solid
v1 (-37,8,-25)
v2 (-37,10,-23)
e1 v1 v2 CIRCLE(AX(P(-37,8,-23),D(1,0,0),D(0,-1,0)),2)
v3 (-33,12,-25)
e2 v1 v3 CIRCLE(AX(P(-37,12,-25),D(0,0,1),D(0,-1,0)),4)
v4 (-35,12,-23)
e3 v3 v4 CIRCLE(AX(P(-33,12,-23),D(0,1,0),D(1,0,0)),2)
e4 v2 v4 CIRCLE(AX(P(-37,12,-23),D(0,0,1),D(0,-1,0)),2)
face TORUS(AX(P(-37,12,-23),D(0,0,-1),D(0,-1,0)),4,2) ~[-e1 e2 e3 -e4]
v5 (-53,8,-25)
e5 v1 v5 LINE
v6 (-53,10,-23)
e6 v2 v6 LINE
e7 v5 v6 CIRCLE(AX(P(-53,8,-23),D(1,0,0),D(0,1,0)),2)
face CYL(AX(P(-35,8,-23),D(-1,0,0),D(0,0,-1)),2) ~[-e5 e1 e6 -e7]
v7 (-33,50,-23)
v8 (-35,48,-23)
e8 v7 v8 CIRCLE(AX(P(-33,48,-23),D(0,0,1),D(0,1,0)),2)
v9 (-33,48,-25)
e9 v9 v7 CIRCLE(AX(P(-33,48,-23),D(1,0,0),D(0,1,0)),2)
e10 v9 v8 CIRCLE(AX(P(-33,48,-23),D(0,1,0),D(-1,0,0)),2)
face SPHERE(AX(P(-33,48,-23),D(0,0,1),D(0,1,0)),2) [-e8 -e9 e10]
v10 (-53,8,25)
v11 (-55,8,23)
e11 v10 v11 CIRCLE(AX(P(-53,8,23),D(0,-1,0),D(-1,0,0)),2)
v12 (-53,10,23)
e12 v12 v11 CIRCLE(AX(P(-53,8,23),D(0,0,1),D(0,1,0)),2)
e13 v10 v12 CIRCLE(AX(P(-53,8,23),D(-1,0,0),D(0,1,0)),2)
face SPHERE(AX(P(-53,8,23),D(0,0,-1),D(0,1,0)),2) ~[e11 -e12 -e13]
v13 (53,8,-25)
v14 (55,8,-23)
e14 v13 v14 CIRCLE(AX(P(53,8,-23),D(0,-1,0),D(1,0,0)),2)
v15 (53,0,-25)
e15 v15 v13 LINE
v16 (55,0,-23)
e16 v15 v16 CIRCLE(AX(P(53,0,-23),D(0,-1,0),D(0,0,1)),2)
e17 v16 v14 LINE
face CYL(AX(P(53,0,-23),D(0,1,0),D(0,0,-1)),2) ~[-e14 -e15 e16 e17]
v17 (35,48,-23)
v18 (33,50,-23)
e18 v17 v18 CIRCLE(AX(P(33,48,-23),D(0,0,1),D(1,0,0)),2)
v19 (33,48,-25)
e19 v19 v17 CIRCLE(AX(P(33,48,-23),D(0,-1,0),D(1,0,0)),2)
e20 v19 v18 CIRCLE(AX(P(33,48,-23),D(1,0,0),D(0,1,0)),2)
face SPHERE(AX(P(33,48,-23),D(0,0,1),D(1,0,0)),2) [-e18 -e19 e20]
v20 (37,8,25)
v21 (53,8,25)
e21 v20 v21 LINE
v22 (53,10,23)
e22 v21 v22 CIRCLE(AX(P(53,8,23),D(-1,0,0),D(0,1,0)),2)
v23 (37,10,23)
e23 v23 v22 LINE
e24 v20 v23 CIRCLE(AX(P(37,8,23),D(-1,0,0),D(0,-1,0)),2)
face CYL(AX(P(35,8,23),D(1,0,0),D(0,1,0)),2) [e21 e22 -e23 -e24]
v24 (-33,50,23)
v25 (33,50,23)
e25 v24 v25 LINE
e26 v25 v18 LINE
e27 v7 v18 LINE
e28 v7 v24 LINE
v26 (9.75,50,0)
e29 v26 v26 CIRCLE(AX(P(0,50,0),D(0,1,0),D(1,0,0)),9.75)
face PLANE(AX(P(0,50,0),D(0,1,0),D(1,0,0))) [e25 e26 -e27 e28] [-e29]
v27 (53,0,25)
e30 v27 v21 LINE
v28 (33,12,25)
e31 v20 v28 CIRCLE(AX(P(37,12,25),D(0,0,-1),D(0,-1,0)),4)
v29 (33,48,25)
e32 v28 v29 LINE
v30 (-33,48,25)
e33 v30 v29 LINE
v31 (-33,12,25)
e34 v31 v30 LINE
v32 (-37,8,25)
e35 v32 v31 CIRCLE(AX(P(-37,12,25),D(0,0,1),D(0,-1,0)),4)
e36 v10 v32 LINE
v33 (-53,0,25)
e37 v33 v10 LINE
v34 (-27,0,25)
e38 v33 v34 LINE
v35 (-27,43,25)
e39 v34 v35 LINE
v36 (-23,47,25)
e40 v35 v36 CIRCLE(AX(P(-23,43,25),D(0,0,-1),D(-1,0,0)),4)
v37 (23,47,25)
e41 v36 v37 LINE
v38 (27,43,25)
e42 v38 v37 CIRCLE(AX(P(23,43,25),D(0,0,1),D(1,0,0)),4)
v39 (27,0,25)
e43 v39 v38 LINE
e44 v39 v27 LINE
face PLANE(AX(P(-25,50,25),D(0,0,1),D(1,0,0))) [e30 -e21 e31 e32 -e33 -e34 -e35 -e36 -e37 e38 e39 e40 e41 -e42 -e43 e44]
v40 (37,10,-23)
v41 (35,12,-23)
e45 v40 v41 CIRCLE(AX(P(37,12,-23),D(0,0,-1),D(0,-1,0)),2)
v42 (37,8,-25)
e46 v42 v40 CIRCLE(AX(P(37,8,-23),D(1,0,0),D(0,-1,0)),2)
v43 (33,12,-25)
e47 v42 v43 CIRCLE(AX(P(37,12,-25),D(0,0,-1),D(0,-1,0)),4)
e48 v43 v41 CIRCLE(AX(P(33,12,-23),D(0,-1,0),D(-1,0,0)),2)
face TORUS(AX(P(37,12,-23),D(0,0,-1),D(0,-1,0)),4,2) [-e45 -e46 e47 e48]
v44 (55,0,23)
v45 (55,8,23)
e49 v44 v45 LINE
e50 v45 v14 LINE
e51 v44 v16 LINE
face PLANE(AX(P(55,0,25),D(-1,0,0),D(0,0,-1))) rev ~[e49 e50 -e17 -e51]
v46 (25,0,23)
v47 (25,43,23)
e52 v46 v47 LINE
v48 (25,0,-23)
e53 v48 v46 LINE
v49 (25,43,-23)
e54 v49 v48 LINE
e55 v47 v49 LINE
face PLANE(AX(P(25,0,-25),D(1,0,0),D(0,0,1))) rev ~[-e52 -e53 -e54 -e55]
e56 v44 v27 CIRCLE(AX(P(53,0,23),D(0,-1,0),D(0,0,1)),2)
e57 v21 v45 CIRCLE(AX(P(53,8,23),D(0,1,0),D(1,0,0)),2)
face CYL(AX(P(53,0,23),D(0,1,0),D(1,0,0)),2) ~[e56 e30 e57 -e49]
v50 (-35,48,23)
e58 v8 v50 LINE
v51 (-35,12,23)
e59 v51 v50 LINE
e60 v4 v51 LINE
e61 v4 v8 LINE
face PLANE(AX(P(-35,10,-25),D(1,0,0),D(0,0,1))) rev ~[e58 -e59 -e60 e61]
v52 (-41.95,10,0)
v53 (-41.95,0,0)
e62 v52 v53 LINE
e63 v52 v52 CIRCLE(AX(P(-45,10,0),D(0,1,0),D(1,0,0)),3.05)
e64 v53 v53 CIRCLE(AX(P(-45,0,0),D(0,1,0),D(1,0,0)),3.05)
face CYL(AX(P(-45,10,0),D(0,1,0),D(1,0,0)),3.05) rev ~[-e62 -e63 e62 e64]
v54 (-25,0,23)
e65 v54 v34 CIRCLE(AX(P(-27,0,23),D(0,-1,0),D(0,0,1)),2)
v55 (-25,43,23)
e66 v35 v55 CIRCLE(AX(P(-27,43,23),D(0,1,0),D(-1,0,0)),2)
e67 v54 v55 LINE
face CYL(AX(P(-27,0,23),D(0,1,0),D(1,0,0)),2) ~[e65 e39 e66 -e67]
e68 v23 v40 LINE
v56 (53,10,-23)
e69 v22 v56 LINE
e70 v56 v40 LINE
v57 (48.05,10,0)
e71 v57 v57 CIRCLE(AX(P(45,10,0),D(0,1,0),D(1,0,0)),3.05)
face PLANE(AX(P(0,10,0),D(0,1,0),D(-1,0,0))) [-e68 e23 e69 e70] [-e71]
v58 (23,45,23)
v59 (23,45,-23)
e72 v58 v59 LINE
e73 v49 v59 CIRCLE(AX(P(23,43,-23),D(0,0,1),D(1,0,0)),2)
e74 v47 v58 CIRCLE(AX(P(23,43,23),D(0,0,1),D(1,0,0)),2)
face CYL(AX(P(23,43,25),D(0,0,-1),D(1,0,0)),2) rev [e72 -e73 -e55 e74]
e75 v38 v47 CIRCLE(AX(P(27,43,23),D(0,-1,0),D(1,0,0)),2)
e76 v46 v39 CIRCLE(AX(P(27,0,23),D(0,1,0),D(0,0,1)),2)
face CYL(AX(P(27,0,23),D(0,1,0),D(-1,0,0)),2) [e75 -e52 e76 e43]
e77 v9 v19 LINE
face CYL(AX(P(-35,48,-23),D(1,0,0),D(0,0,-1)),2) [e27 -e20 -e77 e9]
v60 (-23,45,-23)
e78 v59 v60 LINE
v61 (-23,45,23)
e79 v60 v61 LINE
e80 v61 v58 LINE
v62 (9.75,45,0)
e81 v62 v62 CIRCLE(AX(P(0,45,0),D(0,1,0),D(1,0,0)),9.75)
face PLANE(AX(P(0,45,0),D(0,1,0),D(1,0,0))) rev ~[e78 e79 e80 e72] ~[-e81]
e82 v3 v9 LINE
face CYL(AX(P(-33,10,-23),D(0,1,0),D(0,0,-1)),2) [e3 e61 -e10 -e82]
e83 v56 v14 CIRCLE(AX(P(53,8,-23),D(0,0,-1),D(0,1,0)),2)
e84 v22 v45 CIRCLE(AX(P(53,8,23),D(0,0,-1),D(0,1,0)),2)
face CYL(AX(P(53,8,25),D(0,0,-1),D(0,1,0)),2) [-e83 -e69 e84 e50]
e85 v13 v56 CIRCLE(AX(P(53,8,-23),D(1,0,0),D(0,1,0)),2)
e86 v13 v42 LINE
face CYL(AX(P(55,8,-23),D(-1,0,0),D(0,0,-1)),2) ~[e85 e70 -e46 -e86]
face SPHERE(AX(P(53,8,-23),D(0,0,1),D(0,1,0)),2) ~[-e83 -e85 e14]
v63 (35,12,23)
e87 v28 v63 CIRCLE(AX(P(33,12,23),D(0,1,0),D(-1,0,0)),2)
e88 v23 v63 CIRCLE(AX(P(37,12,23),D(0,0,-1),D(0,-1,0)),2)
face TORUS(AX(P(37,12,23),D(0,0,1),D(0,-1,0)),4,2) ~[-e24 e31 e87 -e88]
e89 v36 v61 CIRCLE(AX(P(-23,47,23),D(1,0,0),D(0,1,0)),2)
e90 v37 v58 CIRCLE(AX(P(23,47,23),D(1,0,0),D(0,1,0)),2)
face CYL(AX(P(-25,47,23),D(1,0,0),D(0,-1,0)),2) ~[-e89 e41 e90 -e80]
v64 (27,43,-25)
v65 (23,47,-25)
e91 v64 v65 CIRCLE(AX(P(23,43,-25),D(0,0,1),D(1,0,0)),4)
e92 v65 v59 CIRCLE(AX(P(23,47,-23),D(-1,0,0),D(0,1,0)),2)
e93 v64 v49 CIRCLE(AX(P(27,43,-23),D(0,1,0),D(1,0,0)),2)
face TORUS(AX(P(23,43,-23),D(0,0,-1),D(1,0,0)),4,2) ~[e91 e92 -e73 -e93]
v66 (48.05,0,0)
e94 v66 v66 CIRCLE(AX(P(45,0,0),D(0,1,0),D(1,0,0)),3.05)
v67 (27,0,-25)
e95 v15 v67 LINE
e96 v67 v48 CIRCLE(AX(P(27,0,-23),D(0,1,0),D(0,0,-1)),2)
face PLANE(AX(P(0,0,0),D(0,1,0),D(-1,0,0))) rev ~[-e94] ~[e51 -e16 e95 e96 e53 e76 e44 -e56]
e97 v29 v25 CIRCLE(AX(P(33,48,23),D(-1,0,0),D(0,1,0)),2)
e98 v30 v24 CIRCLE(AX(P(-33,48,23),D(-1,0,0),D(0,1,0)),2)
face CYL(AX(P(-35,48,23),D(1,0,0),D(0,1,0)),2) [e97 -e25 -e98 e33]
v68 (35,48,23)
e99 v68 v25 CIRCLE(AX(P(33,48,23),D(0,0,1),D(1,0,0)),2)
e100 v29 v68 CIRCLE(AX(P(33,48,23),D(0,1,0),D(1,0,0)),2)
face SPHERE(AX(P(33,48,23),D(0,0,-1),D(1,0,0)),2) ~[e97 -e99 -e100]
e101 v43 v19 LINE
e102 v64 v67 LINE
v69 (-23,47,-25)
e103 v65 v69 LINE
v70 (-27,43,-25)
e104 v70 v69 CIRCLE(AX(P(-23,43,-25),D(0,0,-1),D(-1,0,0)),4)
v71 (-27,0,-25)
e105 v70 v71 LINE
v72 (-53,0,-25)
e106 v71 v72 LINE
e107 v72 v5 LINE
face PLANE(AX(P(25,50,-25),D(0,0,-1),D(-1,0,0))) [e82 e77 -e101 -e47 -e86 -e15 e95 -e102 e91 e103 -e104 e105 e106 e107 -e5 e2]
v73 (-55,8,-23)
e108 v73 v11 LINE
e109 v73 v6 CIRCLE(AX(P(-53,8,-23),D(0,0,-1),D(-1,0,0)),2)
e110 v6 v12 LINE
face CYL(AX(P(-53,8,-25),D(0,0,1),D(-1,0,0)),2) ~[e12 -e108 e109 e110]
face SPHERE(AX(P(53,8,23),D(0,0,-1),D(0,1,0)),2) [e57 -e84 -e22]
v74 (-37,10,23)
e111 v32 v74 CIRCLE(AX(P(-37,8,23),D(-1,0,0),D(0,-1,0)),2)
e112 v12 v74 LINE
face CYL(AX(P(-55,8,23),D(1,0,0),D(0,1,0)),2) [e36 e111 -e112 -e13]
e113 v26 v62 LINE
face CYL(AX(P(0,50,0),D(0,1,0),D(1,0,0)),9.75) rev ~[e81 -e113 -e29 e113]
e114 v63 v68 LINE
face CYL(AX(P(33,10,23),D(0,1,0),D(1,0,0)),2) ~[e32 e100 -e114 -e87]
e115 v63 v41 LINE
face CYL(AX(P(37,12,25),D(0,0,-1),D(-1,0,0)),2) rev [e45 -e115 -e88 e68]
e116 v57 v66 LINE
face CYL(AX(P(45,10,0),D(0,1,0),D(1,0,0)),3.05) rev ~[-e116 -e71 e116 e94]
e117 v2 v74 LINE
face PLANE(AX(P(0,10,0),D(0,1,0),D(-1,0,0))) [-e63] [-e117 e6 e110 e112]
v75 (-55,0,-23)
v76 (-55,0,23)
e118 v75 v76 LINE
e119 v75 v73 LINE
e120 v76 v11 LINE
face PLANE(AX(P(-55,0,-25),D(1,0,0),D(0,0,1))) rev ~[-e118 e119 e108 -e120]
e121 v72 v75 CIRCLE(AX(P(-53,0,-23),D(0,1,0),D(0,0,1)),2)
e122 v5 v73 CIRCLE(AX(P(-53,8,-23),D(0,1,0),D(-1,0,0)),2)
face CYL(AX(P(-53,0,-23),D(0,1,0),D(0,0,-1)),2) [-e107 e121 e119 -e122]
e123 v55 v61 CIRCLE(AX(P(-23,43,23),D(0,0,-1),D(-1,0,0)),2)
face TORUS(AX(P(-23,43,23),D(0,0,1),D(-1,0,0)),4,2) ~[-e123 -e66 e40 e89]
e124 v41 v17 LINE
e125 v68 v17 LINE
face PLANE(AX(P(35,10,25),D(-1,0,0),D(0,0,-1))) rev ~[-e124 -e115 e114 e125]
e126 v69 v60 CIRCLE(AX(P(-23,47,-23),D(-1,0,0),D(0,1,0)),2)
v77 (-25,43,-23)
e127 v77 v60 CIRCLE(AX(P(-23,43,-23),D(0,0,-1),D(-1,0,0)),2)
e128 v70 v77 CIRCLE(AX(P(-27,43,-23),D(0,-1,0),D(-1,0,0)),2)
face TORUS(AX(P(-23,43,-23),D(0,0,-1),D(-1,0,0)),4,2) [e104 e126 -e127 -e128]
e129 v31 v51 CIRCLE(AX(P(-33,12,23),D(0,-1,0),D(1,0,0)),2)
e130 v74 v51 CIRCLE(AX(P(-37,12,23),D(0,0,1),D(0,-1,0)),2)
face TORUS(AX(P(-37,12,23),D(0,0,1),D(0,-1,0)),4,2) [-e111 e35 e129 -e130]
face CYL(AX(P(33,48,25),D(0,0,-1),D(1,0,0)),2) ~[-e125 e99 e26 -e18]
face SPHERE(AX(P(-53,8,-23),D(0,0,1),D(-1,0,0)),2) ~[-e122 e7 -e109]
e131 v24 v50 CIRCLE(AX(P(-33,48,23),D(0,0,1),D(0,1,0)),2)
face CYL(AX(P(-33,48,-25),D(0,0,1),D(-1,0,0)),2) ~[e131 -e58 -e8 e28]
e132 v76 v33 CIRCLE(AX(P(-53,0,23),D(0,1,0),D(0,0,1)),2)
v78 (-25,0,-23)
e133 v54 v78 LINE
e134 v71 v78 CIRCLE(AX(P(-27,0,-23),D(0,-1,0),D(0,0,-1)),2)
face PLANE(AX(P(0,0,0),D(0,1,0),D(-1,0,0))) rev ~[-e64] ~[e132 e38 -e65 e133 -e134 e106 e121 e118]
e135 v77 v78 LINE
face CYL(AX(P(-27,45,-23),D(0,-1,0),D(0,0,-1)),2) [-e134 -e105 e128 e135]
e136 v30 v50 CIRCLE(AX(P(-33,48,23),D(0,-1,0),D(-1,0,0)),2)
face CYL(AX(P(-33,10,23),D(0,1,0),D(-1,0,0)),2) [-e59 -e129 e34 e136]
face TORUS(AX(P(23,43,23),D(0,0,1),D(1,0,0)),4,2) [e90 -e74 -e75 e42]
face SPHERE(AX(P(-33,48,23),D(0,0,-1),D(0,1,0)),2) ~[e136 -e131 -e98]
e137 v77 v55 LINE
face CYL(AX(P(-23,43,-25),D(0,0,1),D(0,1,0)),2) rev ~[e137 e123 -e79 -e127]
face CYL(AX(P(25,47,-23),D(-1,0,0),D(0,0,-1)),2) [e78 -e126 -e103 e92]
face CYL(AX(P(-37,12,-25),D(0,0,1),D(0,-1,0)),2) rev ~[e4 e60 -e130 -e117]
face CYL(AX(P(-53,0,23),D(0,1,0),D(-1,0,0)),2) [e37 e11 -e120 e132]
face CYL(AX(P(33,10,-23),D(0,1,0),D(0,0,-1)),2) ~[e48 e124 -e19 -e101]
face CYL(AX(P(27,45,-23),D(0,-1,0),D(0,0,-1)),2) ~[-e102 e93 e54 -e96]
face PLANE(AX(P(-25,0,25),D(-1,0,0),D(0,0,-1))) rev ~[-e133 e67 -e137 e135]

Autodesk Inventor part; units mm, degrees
ref_plane "YZ Plane" through (0, 0, 0) normal (1, 0, 0) x (0, 1, 0)
ref_plane "XZ Plane" through (0, 0, 0) normal (0, 1, 0) x (-1, 0, 0)
ref_plane "XY Plane" through (0, 0, 0) normal (0, 0, 1) x (1, 0, 0)
sketch "Sketch1" plane through (0, 0, 0) normal (0, 1, 0) x (-1, 0, 0)
  line L0 (55, 25) -> (-55, 25)
  line L1 (-55, 25) -> (-55, -25)
  line L2 (-55, -25) -> (55, -25)
  line L3 (55, -25) -> (55, 25)
  line L4 (55, 25) -> (-55, -25) construction
  line L5 (-55, 25) -> (55, -25) construction
  line L6 (-25, 25) -> (25, 25)
  line L7 (25, 25) -> (25, -25)
  line L8 (25, -25) -> (-25, -25)
  line L9 (-25, -25) -> (-25, 25)
  line L10 (-25, 25) -> (25, -25) construction
  line L11 (25, 25) -> (-25, -25) construction
  point P0 (0, 0)
  dimension "d0" = 110
  dimension "d1" = 50
  dimension "d2" = 50
  dimension "d3" = 50
extrude "Extrusion1" add sketch "Sketch1" along normal blind 10 contours L3 L2 L7 L0 | L9 L2 L1 L0
sketch "Sketch2" plane through (0, 10, 0) normal (0, 1, 0) x (1, 0, 0)
  line L0 (-35, -25) -> (-25, -25)
  line L1 (-25, -25) -> (-25, 25)
  line L2 (-25, 25) -> (-35, 25)
  line L3 (-35, 25) -> (-35, -25)
  line L4 (-35, -25) -> (-25, 25) construction
  line L5 (-25, -25) -> (-35, 25) construction
  line L6 (25, -25) -> (35, -25)
  line L7 (35, -25) -> (35, 25)
  line L8 (35, 25) -> (25, 25)
  line L9 (25, 25) -> (25, -25)
  line L10 (25, -25) -> (35, 25) construction
  line L11 (35, -25) -> (25, 25) construction
  line L12 (-25, -25) -> (-25, 25) projected
  line L13 (25, 25) -> (25, -25) projected
  point P0 (0, 0)
  point P1 (-30, 0)
  point P2 (30, 0)
  dimension "d6" = 10
  dimension "d7" = 50
  dimension "d8" = 10
  dimension "d9" = 50
extrude "Extrusion2" add sketch "Sketch2" along normal blind 40
sketch "Sketch3" plane through (0, 50, 0) normal (0, 1, 0) x (1, 0, 0)
  line L0 (-25, -25) -> (25, -25)
  line L1 (25, -25) -> (25, 25)
  line L2 (25, 25) -> (-25, 25)
  line L3 (-25, 25) -> (-25, -25)
  line L4 (-25, -25) -> (25, 25) construction
  line L5 (25, -25) -> (-25, 25) construction
  line L6 (25, 25) -> (25, -25) projected
  line L7 (35, 25) -> (25, 25) projected
  point P0 (0, 0)
extrude "Extrusion3" add sketch "Sketch3" against normal blind 5
sketch "Sketch4" plane through (0, 50, 0) normal (0, 1, 0) x (1, 0, 0)
  circle A0 centre (0, 0) radius 9.75
  dimension "d14" = 19.5
extrude "Extrusion4" cut sketch "Sketch4" against normal blind 5
sketch "Sketch5" plane through (0, 10, 0) normal (0, 1, 0) x (1, 0, 0)
  circle A0 centre (-45, 0) radius 3.05
  circle A1 centre (45, 0) radius 3.05
  line L0 (55, -25) -> (55, 25) projected
  line L1 (-55, 25) -> (-55, -25) projected
  point P0 (0, 0)
  dimension "d17" = 6.1
  dimension "d18" = 6.1
  dimension "d22" = 10
  dimension "d23" = 10
extrude "Extrusion5" cut sketch "Sketch5" against normal through all
fillet "Fillet1" radius 2 28 edges at (-55, 10, 0) (-35, 10, 0) (-35, 50, 0) (35, 50, 0) (35, 10, 0) (55, 10, 0) (45, 10, 25) (45, 10, -25) (55, 5, 25) (55, 5, -25) (-45, 10, 25) (-55, 5, 25) (-55, 5, -25) (-45, 10, -25) (35, 30, 25) (35, 30, -25) (0, 50, -25) (0, 50, 25) (-35, 30, 25) (-35, 30, -25) (-25, 22.5, -25) (-25, 22.5, 25) (25, 22.5, -25) (25, 22.5, 25) (0, 45, 25) (0, 45, -25) (-25, 45, 0) (25, 45, 0)
